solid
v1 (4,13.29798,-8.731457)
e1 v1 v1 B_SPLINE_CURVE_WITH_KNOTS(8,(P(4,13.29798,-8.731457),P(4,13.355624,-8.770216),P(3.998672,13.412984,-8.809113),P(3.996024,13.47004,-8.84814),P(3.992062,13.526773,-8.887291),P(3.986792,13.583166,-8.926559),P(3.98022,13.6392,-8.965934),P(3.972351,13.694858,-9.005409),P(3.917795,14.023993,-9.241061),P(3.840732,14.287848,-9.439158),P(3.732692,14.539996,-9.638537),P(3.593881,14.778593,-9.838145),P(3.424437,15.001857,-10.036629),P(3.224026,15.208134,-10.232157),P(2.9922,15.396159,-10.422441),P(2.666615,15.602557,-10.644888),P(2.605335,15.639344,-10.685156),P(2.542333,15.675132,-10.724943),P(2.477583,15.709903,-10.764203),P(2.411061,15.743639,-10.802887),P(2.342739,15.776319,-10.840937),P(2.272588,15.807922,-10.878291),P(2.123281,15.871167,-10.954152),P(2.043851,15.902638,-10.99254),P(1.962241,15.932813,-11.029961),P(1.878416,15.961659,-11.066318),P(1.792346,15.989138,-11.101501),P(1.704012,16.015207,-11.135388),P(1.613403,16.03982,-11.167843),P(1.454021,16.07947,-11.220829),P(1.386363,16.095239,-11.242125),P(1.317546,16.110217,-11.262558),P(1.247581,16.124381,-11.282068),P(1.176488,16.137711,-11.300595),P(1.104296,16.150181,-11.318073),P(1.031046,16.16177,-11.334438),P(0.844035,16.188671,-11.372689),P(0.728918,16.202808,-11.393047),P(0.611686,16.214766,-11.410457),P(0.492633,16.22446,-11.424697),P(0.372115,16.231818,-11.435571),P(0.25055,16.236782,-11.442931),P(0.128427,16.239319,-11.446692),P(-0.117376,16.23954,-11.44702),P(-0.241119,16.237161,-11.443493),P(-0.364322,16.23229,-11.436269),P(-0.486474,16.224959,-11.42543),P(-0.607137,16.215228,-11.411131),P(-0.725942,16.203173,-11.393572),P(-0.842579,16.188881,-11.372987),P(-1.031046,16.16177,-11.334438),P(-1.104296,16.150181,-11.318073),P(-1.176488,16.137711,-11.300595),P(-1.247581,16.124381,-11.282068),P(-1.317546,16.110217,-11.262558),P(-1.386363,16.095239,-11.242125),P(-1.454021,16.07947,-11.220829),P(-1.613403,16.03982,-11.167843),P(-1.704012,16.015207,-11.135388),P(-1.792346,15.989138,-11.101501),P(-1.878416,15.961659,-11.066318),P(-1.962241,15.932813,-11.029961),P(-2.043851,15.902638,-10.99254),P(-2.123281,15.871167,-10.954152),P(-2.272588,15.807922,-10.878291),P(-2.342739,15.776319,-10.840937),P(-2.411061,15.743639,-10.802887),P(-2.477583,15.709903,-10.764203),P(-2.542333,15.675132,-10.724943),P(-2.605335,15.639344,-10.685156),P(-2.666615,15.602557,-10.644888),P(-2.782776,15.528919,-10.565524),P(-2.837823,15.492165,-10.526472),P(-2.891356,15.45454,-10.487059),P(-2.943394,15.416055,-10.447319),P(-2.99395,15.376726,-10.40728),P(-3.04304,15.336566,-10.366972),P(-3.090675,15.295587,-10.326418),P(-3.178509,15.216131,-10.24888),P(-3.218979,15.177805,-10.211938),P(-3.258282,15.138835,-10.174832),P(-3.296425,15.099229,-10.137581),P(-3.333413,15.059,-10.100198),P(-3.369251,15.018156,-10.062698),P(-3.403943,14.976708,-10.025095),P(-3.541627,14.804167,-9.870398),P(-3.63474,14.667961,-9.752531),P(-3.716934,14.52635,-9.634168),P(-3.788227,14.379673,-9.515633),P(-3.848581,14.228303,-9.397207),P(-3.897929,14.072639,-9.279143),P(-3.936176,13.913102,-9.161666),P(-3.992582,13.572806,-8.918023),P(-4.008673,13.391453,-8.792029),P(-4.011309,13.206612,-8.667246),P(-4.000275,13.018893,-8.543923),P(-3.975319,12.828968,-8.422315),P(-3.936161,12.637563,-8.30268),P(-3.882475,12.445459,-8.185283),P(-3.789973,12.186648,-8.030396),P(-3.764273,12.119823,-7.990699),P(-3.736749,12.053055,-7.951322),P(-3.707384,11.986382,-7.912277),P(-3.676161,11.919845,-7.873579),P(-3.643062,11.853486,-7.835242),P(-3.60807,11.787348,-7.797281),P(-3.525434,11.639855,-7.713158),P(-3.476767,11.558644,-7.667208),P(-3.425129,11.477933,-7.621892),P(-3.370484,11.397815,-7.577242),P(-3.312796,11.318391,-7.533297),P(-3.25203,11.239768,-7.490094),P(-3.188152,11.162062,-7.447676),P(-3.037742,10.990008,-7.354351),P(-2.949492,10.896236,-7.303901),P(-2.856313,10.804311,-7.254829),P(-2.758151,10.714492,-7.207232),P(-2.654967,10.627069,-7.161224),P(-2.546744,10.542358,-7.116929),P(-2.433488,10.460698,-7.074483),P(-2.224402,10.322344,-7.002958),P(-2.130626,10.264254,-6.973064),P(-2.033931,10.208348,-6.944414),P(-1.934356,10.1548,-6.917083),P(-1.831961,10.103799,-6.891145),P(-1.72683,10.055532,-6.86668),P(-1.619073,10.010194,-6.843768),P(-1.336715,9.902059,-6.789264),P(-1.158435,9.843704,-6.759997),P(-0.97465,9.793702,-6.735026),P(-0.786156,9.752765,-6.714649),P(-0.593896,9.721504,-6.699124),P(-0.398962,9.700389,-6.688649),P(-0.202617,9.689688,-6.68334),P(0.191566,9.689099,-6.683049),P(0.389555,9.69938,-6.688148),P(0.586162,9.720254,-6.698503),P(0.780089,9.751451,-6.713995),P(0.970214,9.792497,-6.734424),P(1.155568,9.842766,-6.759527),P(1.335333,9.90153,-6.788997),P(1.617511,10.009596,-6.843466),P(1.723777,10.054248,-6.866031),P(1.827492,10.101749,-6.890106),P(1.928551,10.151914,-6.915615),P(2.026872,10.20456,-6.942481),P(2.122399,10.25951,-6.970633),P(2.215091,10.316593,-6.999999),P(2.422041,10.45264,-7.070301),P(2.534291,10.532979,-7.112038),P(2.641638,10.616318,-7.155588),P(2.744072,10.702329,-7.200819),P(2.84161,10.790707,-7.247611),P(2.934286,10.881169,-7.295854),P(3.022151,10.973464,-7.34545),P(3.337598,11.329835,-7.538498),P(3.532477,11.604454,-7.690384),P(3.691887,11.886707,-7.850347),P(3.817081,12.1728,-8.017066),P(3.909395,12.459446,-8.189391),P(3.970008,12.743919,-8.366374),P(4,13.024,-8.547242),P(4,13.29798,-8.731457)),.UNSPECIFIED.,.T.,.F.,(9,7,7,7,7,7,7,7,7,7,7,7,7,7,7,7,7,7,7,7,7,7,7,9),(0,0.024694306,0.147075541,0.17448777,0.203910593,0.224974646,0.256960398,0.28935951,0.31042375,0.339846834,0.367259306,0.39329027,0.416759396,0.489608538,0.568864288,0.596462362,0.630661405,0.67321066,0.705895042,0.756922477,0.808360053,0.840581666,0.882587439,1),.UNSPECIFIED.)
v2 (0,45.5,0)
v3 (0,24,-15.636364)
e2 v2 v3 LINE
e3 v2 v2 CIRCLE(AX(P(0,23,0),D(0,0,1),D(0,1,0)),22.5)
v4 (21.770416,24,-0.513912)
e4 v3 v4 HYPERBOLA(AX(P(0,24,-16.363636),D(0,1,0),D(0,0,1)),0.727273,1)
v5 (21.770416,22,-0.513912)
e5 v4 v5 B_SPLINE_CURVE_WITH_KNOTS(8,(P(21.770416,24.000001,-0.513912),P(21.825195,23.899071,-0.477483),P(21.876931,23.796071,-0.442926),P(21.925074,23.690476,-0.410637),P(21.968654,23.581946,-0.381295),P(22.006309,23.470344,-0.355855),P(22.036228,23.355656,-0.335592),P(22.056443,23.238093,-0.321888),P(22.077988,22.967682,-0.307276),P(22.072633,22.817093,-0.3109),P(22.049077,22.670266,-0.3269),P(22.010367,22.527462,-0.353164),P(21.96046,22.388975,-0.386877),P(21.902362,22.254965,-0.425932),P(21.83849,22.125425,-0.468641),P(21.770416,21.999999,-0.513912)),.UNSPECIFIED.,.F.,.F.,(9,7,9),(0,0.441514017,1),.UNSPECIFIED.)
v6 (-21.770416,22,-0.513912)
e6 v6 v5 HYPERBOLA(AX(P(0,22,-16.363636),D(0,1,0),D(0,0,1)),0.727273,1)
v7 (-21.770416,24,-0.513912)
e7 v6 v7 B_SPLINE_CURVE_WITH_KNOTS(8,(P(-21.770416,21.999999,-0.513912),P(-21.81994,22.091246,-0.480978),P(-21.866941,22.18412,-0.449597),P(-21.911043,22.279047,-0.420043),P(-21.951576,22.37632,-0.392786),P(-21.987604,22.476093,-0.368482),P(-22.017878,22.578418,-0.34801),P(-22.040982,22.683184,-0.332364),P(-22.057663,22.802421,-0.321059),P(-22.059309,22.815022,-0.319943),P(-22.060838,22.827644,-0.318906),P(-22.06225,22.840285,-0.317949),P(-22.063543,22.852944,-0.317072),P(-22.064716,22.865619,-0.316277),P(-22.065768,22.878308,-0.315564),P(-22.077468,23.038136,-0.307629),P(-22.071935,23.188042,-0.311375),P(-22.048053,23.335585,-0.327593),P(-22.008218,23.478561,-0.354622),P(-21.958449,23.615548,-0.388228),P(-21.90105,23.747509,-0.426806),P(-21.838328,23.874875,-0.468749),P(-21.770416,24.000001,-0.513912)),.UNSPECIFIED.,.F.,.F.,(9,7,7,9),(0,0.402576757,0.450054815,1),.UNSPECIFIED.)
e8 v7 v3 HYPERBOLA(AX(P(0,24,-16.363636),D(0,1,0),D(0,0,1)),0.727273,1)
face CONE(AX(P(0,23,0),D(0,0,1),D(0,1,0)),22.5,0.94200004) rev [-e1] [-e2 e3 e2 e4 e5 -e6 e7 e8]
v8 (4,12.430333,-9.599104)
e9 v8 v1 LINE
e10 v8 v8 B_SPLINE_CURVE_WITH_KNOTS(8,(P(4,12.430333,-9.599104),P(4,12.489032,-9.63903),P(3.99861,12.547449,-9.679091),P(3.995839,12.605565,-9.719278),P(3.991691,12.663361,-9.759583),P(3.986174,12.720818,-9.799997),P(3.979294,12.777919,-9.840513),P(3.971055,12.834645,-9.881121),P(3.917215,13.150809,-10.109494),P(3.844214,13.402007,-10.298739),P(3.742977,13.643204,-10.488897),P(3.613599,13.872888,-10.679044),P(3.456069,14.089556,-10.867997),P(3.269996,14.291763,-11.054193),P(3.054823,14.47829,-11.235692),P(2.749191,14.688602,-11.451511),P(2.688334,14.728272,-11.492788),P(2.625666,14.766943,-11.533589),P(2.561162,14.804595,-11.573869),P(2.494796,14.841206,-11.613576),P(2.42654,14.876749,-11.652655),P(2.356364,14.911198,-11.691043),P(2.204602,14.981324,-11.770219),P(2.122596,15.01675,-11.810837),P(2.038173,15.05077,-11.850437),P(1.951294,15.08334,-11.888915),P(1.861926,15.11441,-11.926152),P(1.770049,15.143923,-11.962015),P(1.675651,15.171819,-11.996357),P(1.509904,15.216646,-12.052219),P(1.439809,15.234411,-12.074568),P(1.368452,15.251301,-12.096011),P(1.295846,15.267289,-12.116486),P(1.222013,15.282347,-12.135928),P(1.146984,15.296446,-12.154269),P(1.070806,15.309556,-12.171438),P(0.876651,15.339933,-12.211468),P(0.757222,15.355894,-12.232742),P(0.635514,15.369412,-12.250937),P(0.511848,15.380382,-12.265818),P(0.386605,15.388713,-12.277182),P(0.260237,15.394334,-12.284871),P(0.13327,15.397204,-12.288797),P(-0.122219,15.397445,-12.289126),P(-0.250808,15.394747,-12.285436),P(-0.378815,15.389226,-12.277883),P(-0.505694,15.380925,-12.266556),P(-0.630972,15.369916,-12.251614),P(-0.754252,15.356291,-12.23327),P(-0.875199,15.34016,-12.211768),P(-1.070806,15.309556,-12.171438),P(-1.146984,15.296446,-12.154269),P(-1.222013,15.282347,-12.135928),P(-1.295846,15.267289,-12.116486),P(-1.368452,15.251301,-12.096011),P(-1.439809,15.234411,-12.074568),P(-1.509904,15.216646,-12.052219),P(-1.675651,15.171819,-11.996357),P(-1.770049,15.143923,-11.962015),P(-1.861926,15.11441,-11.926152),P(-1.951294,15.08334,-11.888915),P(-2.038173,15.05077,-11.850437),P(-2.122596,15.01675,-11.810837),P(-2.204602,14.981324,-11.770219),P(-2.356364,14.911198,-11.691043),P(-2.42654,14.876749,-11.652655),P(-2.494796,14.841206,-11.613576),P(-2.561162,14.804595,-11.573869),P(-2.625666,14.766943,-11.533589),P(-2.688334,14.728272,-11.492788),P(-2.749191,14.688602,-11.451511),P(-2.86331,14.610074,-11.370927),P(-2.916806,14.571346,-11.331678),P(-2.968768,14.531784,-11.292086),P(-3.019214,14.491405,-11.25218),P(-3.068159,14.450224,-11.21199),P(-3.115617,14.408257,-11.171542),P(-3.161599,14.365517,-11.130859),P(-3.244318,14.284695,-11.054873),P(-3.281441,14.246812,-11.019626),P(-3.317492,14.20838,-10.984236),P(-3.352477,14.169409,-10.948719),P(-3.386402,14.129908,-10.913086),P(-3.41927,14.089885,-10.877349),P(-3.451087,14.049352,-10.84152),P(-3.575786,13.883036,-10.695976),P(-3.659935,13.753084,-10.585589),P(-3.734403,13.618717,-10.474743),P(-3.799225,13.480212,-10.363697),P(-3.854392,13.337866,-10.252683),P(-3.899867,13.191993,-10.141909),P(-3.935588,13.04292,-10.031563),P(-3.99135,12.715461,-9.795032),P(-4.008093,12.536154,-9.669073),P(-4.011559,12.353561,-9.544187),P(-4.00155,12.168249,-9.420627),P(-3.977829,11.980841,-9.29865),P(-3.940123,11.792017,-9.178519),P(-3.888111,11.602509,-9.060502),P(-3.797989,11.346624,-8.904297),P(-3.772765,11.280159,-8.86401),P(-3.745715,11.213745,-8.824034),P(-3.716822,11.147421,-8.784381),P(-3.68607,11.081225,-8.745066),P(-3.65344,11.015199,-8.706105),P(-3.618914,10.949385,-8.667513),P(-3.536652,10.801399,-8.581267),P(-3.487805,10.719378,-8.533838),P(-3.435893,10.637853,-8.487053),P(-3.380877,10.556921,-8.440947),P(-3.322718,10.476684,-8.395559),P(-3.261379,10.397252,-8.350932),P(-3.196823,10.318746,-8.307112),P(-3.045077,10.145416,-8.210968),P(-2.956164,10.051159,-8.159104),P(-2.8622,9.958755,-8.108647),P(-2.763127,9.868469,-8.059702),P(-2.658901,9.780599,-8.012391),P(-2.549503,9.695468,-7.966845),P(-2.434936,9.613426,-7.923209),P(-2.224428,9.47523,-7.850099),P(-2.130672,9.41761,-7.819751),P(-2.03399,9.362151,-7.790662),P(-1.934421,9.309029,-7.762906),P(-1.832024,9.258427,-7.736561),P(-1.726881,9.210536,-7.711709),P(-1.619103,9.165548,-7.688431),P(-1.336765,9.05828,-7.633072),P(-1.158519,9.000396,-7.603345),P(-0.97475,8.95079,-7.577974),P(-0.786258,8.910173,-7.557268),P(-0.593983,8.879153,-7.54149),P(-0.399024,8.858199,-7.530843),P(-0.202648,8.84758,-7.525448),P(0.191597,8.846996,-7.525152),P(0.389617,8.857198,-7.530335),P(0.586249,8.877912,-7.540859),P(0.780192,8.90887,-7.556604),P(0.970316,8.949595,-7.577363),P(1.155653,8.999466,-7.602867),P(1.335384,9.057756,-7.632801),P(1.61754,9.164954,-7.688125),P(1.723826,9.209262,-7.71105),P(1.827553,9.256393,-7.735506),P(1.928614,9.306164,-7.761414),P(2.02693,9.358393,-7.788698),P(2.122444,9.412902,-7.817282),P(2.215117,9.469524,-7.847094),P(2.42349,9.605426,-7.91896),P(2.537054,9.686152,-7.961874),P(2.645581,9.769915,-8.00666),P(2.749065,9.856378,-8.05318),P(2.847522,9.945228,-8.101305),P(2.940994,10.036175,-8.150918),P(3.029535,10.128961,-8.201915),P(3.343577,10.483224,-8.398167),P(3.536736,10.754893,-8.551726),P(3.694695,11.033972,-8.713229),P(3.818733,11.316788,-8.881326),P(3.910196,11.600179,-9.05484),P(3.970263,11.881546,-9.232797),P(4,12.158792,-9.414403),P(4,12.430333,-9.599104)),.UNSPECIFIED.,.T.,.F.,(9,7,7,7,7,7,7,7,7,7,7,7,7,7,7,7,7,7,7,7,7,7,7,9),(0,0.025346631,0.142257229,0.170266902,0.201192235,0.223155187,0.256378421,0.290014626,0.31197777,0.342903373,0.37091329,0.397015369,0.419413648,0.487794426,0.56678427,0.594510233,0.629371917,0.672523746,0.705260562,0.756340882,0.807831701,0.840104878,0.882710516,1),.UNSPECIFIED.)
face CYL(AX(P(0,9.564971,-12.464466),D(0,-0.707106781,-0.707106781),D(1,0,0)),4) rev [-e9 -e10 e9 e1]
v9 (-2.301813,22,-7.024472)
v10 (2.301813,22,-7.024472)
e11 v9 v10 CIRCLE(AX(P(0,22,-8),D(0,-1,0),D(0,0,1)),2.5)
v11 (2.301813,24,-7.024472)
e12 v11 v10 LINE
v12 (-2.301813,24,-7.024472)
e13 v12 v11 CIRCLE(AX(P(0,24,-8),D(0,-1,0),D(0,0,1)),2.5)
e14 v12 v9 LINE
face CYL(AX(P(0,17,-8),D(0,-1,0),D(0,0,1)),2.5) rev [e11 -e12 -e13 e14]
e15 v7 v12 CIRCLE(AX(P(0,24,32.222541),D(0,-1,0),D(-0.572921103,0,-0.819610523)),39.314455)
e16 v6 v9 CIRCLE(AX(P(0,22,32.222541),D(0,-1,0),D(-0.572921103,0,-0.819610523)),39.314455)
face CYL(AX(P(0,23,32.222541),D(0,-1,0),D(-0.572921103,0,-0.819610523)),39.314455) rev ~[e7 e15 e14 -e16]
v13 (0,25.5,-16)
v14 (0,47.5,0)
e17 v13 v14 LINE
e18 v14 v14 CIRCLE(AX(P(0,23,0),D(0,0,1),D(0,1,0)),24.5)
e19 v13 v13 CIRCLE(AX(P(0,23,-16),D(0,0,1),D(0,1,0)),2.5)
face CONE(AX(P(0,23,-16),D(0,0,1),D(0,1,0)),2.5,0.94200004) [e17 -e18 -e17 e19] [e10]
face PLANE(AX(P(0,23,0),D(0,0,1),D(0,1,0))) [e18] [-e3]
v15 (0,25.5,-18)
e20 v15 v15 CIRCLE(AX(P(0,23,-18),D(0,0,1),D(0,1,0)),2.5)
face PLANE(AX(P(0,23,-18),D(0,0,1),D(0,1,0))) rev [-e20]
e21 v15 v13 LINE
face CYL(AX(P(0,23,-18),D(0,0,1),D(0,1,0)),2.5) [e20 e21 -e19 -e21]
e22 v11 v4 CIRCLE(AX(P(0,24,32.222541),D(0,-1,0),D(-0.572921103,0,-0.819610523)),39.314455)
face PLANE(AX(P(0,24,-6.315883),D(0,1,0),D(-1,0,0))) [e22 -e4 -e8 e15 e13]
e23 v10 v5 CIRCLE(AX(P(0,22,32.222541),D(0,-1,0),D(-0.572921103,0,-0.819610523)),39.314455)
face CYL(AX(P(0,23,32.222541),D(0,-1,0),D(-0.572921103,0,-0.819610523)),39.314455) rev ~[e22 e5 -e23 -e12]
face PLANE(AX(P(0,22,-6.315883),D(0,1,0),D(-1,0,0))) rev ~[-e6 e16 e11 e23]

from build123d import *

# Parameters (mm, degrees)
CYLINDER001_R               = 4
CYLINDER001_DEPTH           = 10
CYLINDER001_PLACEMENT_ANGLE = 45
CYLINDER_R                  = 2.5
CYLINDER_DEPTH              = 10
PAD006_DEPTH                = 1


with BuildPart() as cylinder001:
    # Cylinder001 → Cylinder001 (new body)
    with BuildSketch(Plane.XY):
        Circle(CYLINDER001_R)
    extrude(amount=CYLINDER001_DEPTH)


with BuildPart() as cylinder001_1:
    # Cylinder001 placement: moved
    add(cylinder001.part.moved(Location((0, -13.435029, 5.535534))).rotate(Axis((0, -13.435029, 5.535534), (-1, 0, 0)), CYLINDER001_PLACEMENT_ANGLE))


with BuildPart() as cylinder:
    # Cylinder → Cylinder (new body)
    with BuildSketch(Plane(origin=(0, -6, 10), x_dir=(0, 0, 1), z_dir=(0, 1, 0))):
        Circle(CYLINDER_R)
    extrude(amount=CYLINDER_DEPTH)


with BuildPart() as asad:
    # Sketch009 → Pad006 (new body, symmetric)
    with BuildSketch(Plane.XZ):
        with BuildLine():
            Line((22.524081, 18), (0.5, 2))
            Line((0.5, 2), (0, 2))
            Line((-0.5, 2), (0, 2))
            Line((-22.524081, 18), (-0.5, 2))
            ThreePointArc((-22.524081, 18), (0, 10.908086), (22.524081, 18))
        make_face()
    extrude(amount=PAD006_DEPTH, both=True)

    # Cut002: cut Cylinder
    add(cylinder.part, mode=Mode.SUBTRACT)


with BuildPart() as ledsupportb:
    # Sketch008 → Revolution001 (revolve)
    with BuildSketch(Plane.YZ):
        Polygon((0, 2), (0, 0), (2.5, 0), (2.5, 2), (24.5, 18), (22.5, 18), (0.5, 2), align=None)
    revolve(axis=Axis((0, 0, 0), (0, 0, 1)))

    # Fusion002: union asad
    add(asad.part)

    # Cut003: cut Cylinder001
    add(cylinder001_1.part, mode=Mode.SUBTRACT)


with BuildPart() as ledsupportb_1:
    # Cut003 placement: moved
    add(ledsupportb.part.moved(Location((0, -27, -18))))


with BuildPart() as ledsupportb_2:
    # Body009 placement: moved
    add(ledsupportb_1.part.moved(Location((0, 50, 0))))


solid = ledsupportb_2.part
